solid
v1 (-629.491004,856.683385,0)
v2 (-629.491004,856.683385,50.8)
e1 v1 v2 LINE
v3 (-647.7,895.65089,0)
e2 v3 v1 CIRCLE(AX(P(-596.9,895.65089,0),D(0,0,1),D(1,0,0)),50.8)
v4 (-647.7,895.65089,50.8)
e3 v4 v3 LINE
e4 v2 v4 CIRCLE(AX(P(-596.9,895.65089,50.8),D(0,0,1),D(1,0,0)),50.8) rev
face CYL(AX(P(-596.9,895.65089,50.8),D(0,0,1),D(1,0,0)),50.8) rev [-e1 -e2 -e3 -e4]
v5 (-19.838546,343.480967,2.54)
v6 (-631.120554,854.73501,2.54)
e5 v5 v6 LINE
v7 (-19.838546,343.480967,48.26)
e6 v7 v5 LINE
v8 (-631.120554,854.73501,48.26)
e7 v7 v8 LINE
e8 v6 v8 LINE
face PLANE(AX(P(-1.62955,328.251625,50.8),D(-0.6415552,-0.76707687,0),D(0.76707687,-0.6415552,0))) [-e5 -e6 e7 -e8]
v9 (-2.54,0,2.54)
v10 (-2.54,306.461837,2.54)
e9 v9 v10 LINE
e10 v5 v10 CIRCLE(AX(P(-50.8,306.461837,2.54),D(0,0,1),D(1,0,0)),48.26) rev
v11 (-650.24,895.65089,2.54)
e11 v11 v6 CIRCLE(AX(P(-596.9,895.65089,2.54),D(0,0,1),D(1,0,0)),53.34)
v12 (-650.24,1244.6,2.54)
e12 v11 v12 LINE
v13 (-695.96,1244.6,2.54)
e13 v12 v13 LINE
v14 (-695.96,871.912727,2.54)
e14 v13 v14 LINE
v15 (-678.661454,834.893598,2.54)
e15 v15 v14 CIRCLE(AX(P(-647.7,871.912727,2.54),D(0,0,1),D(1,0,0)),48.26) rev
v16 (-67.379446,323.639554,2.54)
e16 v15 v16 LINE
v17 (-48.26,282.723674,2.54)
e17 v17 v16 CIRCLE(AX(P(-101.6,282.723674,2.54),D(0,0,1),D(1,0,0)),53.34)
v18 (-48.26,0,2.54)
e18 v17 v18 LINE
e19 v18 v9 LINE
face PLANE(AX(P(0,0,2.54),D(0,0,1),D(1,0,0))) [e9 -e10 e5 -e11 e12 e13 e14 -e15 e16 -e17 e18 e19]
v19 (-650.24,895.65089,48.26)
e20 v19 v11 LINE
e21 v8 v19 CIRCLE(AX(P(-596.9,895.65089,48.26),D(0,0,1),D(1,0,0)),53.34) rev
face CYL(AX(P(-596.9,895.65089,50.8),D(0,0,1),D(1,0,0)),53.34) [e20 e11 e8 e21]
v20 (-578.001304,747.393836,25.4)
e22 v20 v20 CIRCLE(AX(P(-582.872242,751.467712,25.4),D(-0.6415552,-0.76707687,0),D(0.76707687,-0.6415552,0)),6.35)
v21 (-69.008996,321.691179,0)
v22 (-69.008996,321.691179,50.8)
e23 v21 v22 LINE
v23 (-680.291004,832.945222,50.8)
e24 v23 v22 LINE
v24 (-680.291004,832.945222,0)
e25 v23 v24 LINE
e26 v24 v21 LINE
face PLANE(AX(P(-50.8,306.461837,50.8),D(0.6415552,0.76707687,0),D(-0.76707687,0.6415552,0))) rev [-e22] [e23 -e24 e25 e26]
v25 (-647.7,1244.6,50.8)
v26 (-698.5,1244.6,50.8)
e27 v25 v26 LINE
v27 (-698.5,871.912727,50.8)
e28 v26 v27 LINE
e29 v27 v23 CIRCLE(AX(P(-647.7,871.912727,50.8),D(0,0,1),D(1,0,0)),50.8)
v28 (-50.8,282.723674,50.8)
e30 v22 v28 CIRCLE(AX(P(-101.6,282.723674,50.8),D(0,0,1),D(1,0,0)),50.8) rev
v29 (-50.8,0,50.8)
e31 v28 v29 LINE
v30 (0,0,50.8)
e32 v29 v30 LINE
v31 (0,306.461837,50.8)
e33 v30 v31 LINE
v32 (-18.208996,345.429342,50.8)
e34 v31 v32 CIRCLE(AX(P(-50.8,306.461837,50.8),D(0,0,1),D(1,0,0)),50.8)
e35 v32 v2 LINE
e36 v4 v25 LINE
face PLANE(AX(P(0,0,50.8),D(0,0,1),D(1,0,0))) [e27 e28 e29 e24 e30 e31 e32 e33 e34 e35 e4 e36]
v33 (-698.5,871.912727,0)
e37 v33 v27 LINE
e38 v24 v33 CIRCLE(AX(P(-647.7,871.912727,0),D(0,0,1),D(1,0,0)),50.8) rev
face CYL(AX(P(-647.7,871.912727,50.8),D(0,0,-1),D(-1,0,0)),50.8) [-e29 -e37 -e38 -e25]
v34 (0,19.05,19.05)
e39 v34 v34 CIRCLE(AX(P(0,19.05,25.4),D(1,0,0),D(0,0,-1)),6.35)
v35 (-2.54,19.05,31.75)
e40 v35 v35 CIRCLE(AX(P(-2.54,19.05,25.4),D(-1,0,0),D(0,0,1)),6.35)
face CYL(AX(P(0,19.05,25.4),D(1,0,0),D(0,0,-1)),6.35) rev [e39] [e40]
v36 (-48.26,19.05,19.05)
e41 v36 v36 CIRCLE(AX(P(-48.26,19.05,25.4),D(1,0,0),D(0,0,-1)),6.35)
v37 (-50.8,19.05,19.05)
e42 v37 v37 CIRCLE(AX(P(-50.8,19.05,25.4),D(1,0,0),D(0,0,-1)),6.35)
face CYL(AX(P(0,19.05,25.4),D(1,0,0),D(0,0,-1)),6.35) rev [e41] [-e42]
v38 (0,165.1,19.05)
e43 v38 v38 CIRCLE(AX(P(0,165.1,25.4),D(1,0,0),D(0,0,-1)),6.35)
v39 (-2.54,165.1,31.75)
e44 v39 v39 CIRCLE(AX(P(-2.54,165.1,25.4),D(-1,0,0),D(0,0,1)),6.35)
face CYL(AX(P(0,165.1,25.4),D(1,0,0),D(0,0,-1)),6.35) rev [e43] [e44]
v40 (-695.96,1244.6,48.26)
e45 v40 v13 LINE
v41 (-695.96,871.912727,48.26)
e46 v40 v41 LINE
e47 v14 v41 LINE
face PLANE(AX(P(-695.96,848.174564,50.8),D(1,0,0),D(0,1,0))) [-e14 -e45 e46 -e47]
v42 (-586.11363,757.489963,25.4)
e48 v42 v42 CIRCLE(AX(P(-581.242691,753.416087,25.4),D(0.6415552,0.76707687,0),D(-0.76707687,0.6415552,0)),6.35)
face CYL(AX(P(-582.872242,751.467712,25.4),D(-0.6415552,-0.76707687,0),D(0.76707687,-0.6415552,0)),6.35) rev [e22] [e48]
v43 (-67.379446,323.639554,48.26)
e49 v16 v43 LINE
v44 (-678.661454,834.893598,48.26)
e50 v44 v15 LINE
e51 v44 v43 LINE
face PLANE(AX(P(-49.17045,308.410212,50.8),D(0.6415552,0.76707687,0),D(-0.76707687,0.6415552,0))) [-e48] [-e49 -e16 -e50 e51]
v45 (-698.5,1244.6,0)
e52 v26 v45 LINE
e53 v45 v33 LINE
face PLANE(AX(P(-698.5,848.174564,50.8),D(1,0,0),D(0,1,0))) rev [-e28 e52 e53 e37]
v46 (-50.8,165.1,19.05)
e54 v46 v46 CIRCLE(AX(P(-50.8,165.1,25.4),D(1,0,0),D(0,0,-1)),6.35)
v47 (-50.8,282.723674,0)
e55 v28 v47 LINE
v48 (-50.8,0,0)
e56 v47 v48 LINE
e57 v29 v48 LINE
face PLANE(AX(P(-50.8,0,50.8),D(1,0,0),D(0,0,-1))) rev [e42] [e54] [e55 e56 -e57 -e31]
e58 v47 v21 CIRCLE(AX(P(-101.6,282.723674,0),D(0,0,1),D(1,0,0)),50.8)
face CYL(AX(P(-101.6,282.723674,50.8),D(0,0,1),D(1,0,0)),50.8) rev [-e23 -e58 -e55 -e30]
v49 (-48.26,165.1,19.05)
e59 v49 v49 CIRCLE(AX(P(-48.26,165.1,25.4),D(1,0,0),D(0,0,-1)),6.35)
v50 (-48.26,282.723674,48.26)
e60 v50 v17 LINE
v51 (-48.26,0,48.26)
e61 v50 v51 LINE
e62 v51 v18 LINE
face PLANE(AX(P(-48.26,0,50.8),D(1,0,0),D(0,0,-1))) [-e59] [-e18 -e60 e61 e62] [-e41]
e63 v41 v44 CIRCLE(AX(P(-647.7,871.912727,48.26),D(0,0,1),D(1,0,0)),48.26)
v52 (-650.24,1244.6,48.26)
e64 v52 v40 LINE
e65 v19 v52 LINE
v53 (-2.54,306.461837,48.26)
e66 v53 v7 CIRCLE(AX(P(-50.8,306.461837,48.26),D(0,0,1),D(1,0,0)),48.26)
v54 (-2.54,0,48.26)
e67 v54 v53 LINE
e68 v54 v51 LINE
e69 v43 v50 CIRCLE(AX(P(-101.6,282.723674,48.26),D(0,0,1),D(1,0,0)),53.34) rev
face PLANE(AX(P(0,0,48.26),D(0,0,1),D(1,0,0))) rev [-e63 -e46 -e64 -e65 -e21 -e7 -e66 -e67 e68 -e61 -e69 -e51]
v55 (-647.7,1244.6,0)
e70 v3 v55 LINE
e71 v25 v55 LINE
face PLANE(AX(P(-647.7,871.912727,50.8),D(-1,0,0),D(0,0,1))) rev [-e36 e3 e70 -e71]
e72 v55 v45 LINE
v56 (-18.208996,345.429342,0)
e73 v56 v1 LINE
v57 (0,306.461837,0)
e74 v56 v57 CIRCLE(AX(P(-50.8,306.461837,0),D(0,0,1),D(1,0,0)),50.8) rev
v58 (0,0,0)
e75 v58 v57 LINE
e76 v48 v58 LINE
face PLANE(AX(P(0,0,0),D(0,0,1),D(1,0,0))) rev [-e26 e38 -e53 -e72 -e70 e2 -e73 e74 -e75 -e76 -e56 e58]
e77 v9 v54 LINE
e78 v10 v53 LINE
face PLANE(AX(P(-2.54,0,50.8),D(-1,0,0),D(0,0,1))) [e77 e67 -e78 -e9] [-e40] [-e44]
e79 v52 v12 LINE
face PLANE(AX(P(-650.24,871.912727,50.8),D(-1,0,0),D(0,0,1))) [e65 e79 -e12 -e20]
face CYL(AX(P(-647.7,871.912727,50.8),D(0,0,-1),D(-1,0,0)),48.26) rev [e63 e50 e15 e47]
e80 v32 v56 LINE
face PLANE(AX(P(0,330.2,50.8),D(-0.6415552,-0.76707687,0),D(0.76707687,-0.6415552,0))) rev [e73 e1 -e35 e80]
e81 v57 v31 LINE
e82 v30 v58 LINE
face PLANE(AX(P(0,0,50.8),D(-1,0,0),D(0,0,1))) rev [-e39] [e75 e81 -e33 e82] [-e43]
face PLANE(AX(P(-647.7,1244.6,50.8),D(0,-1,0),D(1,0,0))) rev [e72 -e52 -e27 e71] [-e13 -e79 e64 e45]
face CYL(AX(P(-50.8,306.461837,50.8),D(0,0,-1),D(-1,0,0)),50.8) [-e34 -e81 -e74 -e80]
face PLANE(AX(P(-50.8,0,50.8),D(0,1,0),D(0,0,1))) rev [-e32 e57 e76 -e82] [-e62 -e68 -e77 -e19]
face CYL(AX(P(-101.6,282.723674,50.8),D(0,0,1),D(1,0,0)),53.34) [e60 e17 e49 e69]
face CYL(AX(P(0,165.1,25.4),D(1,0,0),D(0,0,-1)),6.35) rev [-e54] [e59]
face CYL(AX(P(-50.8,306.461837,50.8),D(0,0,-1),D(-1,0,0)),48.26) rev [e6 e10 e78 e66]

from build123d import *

# Parameters (mm, degrees)
BOSS_EXTRUDE1_DEPTH           = 50.8
FILLET1_R                     = 50.8
SHELL1_T                      = -2.54
SKETCH2_W                     = 45.72
SKETCH2_H                     = 45.72
CUT_EXTRUDE1_DEPTH            = 50.8
F_97_0_5_DIAMETER_HOLE1_D     = 12.7
F_97_0_5_DIAMETER_HOLE2_D     = 12.7
F_97_0_5_DIAMETER_HOLE2_DEPTH = 12.7
F_97_0_5_DIAMETER_HOLE2_TIP   = 3.815464931


with BuildPart() as part:
    # Sketch1 → Boss-Extrude1 (new body)
    with BuildSketch(Plane.XY):
        Polygon((0, 0), (0, 330.2), (-647.7, 871.912727273), (-647.7, 1244.6), (-698.5, 1244.6), (-698.5, 848.174564223), (-50.8, 306.461836951), (-50.8, 0), align=None)
    extrude(amount=BOSS_EXTRUDE1_DEPTH)

    # Fillet1
    fillet1_edges = [part.edges().sort_by_distance(p)[0] for p in [
        (-50.8, 306.461836951, 25.4),
        (-698.5, 848.174564223, 25.4),
        (-647.7, 871.912727273, 25.4),
        (0, 330.2, 25.4),
    ]]
    fillet(fillet1_edges, radius=FILLET1_R)

    # Shell1
    shell1_openings = [part.faces().sort_by_distance(p)[0] for p in [
        (-673.1, 1244.6, 25.4),
    ]]
    offset(amount=SHELL1_T, openings=shell1_openings, kind=Kind.INTERSECTION)

    # Sketch2 → Cut-Extrude1 (cut)
    with BuildSketch(Plane.XZ):
        with Locations((-25.4, 25.4)):
            Rectangle(SKETCH2_W, SKETCH2_H)
    extrude(amount=-CUT_EXTRUDE1_DEPTH, mode=Mode.SUBTRACT)

    # #97 (0.5) Diameter Hole1 (through all)
    with Locations(Plane(origin=(0, 19.05, 25.4), x_dir=(0, 0, 1), z_dir=(1, 0, 0))):
        with Locations((0, 0), (0, -146.05)):
            Hole(F_97_0_5_DIAMETER_HOLE1_D / 2)

    # #97 (0.5) Diameter Hole2
    with Locations(Plane(origin=(-582.872241676, 751.467711807, 25.4), x_dir=(-0.767076870152, 0.641555200491, 0), z_dir=(-0.641555200491, -0.767076870152, 0))):
        with Locations((-1e-09, 0)):
            Hole(F_97_0_5_DIAMETER_HOLE2_D / 2, depth=F_97_0_5_DIAMETER_HOLE2_DEPTH)
            with Locations((0, 0, -(F_97_0_5_DIAMETER_HOLE2_DEPTH + F_97_0_5_DIAMETER_HOLE2_TIP / 2))):  # 118° drill point
                Cone(0, F_97_0_5_DIAMETER_HOLE2_D / 2, F_97_0_5_DIAMETER_HOLE2_TIP, mode=Mode.SUBTRACT)


solid = part.part
